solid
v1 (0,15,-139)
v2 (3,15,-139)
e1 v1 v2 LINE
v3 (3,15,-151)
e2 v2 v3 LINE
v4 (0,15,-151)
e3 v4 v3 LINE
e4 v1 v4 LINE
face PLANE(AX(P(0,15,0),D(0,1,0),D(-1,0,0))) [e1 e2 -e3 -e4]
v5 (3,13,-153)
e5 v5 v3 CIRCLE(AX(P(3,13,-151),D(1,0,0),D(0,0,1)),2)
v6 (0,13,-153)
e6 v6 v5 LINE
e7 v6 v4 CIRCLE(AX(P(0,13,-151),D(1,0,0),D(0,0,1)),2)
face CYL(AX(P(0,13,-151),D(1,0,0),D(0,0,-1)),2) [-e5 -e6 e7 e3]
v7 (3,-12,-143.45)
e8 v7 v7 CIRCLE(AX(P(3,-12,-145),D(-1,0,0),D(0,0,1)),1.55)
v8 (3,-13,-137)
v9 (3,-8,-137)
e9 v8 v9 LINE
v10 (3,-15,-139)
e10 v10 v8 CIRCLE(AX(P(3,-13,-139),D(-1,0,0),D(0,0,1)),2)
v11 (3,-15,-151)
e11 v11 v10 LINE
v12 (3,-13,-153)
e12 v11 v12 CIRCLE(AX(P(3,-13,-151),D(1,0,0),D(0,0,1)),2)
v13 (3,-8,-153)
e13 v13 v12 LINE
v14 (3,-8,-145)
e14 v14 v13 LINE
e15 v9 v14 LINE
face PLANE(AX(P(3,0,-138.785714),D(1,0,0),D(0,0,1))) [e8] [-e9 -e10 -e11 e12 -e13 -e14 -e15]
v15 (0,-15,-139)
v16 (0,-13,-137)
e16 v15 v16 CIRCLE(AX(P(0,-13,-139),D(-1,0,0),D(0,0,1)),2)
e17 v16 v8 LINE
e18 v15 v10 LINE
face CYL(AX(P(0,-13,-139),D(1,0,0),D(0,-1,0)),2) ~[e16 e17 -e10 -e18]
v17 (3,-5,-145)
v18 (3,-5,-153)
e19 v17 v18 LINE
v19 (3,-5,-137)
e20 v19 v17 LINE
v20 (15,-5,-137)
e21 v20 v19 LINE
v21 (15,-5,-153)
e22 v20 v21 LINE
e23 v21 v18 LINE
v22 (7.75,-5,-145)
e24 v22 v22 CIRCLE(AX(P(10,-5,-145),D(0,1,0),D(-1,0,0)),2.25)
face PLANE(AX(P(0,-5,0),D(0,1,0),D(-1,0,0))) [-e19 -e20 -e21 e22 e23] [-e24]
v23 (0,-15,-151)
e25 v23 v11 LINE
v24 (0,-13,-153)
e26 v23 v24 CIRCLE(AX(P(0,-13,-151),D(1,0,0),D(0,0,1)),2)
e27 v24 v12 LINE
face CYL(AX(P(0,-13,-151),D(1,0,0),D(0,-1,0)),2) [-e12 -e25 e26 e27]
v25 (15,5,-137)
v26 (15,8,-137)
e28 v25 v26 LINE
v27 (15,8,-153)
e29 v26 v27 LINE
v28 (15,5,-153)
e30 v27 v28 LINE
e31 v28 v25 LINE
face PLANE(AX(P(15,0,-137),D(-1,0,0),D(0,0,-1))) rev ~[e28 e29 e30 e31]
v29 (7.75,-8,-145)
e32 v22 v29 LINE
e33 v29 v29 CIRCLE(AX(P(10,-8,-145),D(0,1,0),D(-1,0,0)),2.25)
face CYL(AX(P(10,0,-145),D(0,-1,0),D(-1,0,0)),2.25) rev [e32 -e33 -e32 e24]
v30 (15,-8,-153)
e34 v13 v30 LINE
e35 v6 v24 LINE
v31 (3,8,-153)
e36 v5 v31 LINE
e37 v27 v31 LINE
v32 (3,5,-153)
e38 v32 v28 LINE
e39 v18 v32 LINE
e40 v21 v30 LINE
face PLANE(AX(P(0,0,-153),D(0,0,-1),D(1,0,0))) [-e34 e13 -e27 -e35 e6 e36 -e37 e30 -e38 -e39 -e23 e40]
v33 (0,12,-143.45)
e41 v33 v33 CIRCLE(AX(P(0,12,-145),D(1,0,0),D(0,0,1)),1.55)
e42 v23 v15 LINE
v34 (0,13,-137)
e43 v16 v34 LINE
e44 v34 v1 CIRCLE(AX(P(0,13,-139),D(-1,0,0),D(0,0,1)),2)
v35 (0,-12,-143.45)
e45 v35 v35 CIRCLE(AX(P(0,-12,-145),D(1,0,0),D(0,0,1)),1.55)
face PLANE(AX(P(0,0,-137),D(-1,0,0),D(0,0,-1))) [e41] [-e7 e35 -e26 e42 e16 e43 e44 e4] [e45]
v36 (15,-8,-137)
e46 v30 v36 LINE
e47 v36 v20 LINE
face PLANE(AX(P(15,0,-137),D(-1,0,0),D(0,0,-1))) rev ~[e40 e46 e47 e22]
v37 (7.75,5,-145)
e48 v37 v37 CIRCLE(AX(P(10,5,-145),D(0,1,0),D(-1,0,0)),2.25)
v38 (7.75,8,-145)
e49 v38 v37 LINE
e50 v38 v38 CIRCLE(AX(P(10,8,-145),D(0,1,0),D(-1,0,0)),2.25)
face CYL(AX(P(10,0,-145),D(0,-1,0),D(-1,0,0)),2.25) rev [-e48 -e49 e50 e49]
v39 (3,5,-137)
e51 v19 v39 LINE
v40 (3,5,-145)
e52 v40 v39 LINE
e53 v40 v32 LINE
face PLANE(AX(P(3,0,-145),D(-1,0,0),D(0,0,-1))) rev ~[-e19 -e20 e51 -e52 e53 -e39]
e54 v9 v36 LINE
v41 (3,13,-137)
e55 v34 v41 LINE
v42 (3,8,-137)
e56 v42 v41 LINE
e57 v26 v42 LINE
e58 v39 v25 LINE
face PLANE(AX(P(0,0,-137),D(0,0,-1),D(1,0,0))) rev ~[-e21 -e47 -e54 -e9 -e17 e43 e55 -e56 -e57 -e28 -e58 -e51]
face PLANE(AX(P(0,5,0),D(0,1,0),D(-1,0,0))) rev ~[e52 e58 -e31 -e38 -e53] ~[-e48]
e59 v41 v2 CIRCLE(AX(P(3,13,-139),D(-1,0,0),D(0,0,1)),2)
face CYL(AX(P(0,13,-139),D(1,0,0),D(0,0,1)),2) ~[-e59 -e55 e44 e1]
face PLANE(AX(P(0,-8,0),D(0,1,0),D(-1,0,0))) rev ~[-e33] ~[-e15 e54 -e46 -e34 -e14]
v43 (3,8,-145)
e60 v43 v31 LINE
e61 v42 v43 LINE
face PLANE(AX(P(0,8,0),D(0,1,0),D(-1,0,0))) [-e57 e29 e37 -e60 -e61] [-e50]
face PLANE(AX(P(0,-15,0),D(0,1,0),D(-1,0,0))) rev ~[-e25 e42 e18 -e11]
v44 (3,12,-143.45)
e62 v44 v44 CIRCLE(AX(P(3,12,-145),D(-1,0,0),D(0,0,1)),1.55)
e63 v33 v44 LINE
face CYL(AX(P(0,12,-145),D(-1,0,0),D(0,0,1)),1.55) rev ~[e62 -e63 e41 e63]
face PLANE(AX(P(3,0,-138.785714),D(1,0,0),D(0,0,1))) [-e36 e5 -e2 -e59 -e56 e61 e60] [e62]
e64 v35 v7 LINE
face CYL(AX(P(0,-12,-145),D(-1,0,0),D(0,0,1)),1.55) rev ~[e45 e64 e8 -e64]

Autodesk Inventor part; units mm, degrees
ref_plane "YZ Plane" through (0, 0, 0) normal (1, 0, 0) x (0, 1, 0)
ref_plane "XZ Plane" through (0, 0, 0) normal (0, 1, 0) x (-1, 0, 0)
ref_plane "XY Plane" through (0, 0, 0) normal (0, 0, 1) x (1, 0, 0)
sketch "Sketch1" plane through (0, 0, 0) normal (0, 1, 0) x (-1, 0, 0)
  line L0 (0, 0) -> (0, -280)
  line L1 (0, -280) -> (17, -280)
  line L2 (17, -280) -> (17, 0)
  line L3 (17, 0) -> (0, 0)
  line L4 (0, 0) -> (-10, 0)
  line L5 (-10, 0) -> (-10, -40)
  line L6 (-10, -40) -> (0, -40)
  line L7 (0, 0) -> (0, -125)
  line L8 (0, 0) -> (-70, 0)
  line L9 (0, -125) -> (0, -145)
  line L10 (0, -145) -> (0, -165)
  line L11 (-70, 0) -> (0, -145)
  circle A0 centre (-70, 0) radius 12.5
  line L12 (-81.2569, -5.4344) -> (0, -173.7522)
  line L13 (-70, 0) -> (-58.7431, 5.4344)
  line L14 (-58.7431, 5.4344) -> (0, -116.2478)
  line L15 (-70, 0) -> (-70, -3.2)
  line L16 (-81.2569, -5.4344) -> (-83.8804, 0)
  line L17 (-64.5656, -11.2569) -> (-64.5656, 0)
  line L18 (-64.5656, 0) -> (-76.5656, 0)
  line L19 (-64.5656, 0) -> (-52.5656, 0)
  line L20 (-64.5656, -11.2569) -> (-64.5656, -19.2569)
  line L21 (-64.5656, -19.2569) -> (-76.5656, -19.2569)
  line L22 (-76.5656, -19.2569) -> (-76.5656, 0)
  line L23 (-64.5656, -19.2569) -> (-52.5656, -19.2569)
  line L24 (-52.5656, -19.2569) -> (-52.5656, 0)
  line L25 (-70, -3.2) -> (-76.5656, -3.2)
  line L26 (-70, -3.2) -> (-52.5656, -3.2)
  line L27 (-52.5656, -3.2) -> (-52.5656, -6.2)
  line L28 (-52.5656, -6.2) -> (-76.5656, -6.2)
  line L29 (-64.5656, -6.2) -> (-64.5656, -12.2)
  circle A1 centre (-64.5656, -12.2) radius 2.4
  line L30 (0, -145) -> (0, -157)
  line L31 (0, -145) -> (0, -133)
  line L32 (0, -145) -> (-3, -145)
  line L33 (-3, -145) -> (-10, -145)
  circle A2 centre (-10, -145) radius 2.25
  line L34 (0, -145) -> (0, -137)
  line L35 (0, -137) -> (-15, -137)
  line L36 (-15, -137) -> (-15, -145)
  line L37 (0, -145) -> (0, -153)
  line L38 (0, -153) -> (-15, -153)
  line L39 (-15, -153) -> (-15, -145)
  line L40 (-3, -145) -> (-3, -137)
  line L41 (-3, -145) -> (-3, -153)
  dimension "d0" = 280
  dimension "d1" = 17
  dimension "d2" = 280
  dimension "d3" = 10
  dimension "d4" = 40
  dimension "d5" = 125
  dimension "d6" = 70
  dimension "d7" = 20
  dimension "d8" = 20
  dimension "d10" = 25
  dimension "d11" = 3.2
  dimension "d12" = 12
  dimension "d13" = 12
  dimension "d14" = 8
  dimension "d16" = 3
  dimension "d17" = 6
  dimension "d18" = 4.8
  dimension "d19" = 12
  dimension "d20" = 12
  dimension "d21" = 3
  dimension "d22" = 7
  dimension "d23" = 4.5
  dimension "d24" = 5
  dimension "d25" = 8
  dimension "d26" = 8
extrude "Extrusion1" add sketch "Sketch1" along normal mid plane 16 contours L0 L11 L40 L35 | L38 L39 L36 L12 | L12 L36 L35 L11 L40 L41 L38 | L32 L40 L11 | L0 L38 L41 L32 | L40 L11 L35
extrude "Extrusion2" cut sketch "Sketch1" along normal mid plane 10 contours L38 L39 L36 L12 | L12 L36 L35 L11 L40 L41 L38 | L40 L11 L35
extrude "Extrusion3" add sketch "Sketch1" along normal mid plane 30 contours L0 L11 L40 L35 | L32 L40 L11 | L0 L38 L41 L32
sketch "Sketch2" plane through (0, -15, -153) normal (-1, 0, 0) x (0, 0, 1)
  line L0 (0, 23) -> (0, 30)
  line L1 (0, 0) -> (0, 30) projected
  line L2 (0, 30) -> (8, 30)
  line L3 (16, 30) -> (0, 30) projected
  line L4 (8, 30) -> (8, 27)
  circle A0 centre (8, 27) radius 1.55
  line L5 (0, 0) -> (8, 0)
  line L6 (8, 0) -> (8, 3)
  circle A1 centre (8, 3) radius 1.55
  point P0 (153, 15)
  dimension "d33" = 8
  dimension "d34" = 3
  dimension "d35" = 3.1
  dimension "d36" = 8
  dimension "d37" = 3
  dimension "d38" = 3.1
extrude "Extrusion4" cut sketch "Sketch2" against normal blind 30
fillet "Fillet1" radius 2 4 edges at (1.5, 15, -153) (1.5, -15, -153) (1.5, -15, -137) (1.5, 15, -137)
properties part number "support_clip_base(2)"
